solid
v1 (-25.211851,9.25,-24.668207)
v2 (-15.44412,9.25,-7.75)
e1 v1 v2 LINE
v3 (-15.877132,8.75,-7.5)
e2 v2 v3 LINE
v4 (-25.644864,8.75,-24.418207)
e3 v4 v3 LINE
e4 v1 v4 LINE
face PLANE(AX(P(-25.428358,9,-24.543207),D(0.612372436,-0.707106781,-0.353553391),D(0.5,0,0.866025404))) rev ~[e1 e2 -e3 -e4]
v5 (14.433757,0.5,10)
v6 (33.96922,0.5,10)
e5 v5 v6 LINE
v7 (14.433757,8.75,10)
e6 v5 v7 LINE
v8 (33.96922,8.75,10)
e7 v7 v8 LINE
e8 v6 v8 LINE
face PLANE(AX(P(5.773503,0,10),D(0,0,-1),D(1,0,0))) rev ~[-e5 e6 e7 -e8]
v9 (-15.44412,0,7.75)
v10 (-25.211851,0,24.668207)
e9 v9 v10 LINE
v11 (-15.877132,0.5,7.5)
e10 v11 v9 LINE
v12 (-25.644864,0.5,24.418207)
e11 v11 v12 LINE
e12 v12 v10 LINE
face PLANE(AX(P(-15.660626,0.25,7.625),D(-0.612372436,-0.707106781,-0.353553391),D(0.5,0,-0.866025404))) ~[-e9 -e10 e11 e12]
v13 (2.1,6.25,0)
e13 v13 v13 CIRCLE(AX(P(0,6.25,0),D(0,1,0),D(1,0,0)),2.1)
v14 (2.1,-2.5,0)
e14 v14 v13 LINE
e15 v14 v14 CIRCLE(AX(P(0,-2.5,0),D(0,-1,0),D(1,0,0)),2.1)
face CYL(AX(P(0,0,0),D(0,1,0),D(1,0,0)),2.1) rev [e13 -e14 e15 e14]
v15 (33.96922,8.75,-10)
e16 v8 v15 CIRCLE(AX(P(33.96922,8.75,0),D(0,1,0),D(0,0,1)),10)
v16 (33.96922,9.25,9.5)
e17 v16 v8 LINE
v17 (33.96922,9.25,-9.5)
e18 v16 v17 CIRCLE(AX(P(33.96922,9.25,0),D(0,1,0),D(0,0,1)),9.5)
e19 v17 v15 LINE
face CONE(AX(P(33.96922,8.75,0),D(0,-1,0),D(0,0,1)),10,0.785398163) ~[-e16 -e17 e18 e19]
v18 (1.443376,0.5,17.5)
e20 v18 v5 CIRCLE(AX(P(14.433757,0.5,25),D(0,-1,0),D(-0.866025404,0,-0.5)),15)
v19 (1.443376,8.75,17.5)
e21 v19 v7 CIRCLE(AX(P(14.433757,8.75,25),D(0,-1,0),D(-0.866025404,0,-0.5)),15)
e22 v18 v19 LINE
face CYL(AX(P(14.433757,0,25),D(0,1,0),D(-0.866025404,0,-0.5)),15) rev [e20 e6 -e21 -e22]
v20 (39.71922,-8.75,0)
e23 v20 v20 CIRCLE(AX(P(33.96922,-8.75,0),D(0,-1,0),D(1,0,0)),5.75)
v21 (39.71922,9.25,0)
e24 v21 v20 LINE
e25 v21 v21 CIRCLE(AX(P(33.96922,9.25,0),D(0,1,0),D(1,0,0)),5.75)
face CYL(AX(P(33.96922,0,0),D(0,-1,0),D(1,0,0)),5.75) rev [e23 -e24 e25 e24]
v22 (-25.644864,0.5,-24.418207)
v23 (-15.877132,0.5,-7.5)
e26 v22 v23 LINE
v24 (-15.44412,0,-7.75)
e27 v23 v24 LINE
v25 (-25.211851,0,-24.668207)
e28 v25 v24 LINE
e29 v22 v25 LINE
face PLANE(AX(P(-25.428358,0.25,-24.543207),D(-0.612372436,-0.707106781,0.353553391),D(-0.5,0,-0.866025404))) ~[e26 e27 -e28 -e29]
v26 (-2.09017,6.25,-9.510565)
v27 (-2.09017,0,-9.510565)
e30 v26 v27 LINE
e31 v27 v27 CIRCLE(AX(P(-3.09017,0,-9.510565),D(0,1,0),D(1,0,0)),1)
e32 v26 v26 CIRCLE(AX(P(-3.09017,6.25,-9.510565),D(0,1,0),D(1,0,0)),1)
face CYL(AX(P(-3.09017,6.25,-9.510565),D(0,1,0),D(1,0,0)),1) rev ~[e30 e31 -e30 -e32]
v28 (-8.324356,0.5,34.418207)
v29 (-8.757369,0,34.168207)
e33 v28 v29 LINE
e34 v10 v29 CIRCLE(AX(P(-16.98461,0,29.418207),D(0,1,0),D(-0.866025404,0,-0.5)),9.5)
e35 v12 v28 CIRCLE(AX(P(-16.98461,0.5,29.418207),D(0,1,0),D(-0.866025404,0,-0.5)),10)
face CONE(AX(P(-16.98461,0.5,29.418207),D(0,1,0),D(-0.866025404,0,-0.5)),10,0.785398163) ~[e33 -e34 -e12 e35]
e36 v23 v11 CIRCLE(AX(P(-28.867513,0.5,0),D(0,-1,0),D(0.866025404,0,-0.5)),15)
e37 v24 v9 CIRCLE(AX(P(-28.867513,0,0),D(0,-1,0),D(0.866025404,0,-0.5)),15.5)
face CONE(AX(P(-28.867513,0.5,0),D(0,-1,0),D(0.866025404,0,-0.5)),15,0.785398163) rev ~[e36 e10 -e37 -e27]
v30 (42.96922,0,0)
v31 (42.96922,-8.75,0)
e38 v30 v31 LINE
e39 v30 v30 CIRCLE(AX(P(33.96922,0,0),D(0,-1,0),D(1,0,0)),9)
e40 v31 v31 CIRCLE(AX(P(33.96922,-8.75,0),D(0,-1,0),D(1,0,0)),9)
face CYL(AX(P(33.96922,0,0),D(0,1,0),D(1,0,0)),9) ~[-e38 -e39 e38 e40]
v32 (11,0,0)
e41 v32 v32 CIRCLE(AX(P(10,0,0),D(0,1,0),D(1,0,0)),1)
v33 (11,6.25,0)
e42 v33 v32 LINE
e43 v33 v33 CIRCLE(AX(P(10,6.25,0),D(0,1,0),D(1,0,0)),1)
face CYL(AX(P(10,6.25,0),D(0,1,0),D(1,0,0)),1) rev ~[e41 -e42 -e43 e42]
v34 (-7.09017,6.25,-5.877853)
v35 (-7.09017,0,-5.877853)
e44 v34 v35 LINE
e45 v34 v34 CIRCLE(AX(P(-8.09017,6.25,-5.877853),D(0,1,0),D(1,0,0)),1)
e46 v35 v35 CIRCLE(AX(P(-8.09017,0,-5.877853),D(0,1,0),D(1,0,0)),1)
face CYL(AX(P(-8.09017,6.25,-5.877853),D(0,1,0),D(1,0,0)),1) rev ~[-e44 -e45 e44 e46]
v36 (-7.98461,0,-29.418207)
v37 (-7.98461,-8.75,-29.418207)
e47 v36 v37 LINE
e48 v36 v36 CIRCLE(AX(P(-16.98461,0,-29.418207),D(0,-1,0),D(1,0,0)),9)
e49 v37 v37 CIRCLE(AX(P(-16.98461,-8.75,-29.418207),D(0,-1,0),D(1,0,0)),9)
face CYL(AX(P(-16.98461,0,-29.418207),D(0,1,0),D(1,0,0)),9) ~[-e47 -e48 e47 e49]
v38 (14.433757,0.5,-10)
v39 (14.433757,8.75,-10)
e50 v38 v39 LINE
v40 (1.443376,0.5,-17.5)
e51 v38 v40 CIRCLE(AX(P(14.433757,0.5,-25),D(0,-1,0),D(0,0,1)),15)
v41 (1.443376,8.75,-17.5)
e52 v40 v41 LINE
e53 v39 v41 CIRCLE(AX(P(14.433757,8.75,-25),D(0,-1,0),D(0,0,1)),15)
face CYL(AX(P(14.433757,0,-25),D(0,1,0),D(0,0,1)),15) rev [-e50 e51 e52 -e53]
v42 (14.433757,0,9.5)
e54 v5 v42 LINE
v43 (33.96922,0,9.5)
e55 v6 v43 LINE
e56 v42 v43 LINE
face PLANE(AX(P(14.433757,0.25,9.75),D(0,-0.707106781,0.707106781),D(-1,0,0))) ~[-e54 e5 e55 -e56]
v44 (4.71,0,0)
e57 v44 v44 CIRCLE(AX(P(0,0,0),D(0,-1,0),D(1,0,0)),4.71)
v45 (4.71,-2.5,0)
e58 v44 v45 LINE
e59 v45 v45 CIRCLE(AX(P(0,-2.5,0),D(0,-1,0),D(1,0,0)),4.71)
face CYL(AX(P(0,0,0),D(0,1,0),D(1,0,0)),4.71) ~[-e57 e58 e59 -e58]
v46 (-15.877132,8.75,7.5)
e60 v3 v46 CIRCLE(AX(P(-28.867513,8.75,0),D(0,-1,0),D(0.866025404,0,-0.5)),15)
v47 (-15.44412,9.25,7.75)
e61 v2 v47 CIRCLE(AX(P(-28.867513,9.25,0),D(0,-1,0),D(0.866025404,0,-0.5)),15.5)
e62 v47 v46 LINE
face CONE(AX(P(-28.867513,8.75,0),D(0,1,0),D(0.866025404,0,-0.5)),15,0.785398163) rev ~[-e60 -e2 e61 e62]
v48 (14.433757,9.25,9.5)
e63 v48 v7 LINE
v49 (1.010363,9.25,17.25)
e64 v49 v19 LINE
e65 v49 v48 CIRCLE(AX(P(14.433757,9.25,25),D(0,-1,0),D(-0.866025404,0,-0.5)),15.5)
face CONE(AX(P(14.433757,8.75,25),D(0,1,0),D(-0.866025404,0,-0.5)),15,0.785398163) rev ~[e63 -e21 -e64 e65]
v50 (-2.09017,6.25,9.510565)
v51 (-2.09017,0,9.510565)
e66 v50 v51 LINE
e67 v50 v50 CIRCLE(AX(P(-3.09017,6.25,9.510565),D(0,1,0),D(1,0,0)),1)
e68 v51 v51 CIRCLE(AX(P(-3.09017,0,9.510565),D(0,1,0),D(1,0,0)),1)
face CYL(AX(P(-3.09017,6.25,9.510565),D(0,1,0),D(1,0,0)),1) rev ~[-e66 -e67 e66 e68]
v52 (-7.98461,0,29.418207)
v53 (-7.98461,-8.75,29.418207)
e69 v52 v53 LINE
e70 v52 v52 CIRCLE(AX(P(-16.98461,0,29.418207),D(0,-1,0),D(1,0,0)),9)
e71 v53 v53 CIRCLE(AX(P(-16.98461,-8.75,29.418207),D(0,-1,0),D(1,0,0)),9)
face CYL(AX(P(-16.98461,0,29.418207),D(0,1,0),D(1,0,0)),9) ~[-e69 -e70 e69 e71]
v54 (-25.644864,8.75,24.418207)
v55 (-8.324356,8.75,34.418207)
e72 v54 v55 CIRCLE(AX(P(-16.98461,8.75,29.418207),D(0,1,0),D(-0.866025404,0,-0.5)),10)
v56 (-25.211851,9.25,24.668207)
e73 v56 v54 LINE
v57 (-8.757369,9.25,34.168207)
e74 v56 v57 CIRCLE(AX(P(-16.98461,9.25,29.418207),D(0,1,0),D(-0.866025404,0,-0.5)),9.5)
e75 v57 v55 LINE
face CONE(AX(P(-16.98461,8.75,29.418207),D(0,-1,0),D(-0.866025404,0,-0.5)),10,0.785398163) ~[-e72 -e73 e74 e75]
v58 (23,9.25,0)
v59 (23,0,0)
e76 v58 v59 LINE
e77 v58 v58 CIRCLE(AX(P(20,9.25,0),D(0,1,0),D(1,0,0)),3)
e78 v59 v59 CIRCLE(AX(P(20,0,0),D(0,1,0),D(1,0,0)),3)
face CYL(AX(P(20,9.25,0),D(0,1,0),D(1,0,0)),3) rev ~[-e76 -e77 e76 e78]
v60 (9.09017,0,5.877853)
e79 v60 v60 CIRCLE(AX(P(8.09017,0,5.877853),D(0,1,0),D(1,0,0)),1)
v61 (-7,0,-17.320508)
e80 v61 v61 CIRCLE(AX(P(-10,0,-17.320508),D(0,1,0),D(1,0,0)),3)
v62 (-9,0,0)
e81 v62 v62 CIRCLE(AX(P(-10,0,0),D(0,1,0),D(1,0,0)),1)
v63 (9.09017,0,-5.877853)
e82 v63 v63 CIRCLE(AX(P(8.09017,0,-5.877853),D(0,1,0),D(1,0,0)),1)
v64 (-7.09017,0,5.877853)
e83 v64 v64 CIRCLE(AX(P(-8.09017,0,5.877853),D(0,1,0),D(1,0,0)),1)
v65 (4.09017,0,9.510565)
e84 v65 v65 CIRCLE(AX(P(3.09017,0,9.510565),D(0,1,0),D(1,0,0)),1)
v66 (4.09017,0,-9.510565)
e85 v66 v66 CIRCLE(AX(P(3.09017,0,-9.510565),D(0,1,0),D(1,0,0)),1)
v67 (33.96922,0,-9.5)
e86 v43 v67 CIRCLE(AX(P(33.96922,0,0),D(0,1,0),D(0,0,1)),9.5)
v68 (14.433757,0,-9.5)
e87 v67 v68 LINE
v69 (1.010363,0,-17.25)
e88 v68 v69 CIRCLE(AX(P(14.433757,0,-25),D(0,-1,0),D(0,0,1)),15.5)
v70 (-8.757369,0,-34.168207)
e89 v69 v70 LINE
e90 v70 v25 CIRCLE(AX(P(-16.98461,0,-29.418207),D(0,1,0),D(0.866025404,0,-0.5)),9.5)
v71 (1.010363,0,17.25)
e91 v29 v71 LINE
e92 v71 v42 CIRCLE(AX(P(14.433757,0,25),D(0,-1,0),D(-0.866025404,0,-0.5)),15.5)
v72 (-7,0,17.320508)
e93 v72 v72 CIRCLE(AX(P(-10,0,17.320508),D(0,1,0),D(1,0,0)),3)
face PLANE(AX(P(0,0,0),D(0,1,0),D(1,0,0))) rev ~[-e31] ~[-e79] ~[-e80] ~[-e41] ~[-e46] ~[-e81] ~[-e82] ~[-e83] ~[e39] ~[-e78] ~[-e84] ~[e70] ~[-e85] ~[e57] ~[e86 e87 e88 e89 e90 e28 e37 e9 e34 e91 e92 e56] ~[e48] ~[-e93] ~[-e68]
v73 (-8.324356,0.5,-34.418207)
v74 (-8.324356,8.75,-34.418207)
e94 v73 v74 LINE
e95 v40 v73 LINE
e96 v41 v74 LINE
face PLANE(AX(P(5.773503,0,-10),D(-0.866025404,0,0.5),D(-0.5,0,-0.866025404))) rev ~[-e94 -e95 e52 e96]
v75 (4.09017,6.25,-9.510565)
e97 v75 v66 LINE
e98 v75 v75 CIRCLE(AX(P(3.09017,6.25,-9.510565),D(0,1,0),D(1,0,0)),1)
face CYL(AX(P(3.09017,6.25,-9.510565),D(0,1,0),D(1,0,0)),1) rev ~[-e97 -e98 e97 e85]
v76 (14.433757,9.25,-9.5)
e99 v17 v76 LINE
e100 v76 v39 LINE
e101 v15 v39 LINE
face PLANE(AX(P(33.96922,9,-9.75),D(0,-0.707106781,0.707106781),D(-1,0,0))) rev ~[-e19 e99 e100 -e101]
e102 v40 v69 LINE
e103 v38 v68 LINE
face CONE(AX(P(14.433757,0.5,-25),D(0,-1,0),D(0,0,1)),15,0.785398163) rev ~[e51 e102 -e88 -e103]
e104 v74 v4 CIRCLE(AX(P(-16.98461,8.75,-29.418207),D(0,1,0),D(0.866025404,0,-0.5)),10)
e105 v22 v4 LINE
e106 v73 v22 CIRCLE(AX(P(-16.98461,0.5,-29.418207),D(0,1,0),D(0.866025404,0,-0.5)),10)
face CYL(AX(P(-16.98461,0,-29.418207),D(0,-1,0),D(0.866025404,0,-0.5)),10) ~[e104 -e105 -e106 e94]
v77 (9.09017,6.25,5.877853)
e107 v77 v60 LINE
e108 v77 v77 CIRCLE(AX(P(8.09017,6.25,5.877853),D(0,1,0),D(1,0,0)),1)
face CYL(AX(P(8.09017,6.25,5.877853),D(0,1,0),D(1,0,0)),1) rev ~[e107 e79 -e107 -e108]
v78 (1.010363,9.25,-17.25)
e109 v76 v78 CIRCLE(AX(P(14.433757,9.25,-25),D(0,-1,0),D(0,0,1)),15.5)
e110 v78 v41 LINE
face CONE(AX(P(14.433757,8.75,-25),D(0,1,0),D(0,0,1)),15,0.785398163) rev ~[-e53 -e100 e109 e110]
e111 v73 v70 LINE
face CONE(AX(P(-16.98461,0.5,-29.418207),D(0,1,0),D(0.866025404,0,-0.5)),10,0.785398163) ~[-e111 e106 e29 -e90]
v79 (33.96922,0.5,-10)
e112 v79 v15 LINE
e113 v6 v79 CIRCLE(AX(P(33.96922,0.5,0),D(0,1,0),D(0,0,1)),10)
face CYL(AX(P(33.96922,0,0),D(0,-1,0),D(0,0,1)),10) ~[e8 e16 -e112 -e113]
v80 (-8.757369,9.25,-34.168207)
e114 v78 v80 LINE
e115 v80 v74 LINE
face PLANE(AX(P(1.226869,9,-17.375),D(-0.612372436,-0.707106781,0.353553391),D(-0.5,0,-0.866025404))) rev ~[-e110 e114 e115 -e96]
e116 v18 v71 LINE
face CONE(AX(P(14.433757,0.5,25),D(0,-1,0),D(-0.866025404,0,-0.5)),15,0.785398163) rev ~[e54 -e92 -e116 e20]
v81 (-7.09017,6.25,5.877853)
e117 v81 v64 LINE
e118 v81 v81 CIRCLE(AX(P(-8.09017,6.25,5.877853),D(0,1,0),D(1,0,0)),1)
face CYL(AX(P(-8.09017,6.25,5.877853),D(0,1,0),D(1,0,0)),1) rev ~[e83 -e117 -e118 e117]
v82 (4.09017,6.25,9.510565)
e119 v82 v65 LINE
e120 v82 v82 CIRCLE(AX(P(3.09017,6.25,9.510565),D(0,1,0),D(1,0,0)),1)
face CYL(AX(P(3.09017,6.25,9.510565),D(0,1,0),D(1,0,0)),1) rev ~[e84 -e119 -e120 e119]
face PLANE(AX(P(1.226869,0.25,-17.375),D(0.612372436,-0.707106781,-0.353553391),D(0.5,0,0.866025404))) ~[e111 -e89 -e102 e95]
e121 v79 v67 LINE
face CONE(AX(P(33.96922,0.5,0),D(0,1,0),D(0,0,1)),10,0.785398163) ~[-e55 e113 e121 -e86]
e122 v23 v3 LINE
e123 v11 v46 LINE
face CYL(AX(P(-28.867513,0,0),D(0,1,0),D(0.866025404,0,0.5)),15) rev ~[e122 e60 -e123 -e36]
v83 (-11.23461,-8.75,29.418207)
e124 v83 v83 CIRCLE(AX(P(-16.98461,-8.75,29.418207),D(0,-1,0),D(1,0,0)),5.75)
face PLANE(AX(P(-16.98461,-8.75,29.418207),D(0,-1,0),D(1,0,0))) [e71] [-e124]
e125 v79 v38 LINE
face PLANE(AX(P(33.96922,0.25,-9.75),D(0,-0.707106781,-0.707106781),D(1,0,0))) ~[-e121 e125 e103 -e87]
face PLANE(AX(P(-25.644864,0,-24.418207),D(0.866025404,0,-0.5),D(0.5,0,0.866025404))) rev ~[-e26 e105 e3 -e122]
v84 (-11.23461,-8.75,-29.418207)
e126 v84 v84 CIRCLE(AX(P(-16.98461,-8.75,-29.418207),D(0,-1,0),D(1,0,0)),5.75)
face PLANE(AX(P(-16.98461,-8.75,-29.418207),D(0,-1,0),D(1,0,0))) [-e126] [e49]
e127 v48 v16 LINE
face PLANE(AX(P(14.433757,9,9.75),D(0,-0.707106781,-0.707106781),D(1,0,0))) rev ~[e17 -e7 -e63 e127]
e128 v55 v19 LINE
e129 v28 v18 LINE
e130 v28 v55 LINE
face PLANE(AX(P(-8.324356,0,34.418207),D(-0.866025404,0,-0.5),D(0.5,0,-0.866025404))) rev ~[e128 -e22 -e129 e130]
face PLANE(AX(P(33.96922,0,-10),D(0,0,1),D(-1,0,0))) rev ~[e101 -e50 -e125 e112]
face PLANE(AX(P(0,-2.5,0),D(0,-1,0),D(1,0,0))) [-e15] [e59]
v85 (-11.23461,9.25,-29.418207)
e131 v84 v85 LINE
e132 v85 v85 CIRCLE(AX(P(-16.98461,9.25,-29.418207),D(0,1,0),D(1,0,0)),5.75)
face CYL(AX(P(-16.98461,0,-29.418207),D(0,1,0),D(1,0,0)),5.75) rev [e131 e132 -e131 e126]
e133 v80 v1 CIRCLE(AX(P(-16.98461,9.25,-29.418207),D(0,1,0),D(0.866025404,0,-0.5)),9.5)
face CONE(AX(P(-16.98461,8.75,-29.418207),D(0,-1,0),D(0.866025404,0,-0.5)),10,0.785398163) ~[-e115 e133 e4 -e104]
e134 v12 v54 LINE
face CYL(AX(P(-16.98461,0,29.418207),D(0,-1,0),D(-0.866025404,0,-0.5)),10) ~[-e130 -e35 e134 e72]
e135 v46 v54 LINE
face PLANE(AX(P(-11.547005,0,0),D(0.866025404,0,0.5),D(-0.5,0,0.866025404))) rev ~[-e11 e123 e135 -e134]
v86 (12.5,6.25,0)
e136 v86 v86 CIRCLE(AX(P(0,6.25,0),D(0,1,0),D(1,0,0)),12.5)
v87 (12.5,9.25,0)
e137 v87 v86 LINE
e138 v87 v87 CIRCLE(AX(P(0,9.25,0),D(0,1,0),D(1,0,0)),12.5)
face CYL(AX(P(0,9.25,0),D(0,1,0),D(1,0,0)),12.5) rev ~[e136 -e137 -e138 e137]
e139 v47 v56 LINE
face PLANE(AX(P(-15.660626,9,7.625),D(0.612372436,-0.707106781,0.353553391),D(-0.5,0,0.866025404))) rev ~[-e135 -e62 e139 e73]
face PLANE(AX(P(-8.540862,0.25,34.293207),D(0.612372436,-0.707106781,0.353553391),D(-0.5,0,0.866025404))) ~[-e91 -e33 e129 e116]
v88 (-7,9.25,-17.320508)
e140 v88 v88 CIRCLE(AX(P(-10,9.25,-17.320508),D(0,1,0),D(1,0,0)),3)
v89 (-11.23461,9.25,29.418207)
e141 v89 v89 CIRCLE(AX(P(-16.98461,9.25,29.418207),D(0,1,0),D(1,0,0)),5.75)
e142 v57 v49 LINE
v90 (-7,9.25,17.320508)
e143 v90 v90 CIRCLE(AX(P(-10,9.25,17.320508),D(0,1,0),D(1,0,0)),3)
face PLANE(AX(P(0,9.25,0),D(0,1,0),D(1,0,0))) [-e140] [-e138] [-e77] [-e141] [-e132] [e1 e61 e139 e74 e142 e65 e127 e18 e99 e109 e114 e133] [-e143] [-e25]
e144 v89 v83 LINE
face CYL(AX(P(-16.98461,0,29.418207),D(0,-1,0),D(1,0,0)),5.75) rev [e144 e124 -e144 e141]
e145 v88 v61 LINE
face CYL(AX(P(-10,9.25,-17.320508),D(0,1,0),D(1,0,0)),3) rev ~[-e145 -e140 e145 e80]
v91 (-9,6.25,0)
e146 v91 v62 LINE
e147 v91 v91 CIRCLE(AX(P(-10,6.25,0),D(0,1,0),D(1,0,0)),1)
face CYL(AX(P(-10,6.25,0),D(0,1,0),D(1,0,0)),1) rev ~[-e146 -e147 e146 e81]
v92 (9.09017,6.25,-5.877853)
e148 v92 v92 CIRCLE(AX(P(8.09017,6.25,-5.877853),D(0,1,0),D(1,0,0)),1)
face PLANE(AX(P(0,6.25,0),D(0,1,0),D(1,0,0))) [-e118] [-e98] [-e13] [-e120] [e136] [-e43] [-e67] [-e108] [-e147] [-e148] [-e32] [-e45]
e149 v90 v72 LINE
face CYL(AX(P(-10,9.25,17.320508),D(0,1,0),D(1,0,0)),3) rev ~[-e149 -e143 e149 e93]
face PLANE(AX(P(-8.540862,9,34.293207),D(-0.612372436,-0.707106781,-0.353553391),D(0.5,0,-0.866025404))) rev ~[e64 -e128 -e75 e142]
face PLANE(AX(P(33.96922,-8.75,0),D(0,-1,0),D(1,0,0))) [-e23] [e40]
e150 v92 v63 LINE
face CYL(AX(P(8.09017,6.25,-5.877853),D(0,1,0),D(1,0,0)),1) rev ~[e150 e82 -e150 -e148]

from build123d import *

# Parameters (mm, degrees)
SKETCH_1_R          = 5.75
EXTRUDE_1_DEPTH     = 9.25
FILLET_1_R          = 15
SKETCH_2_R          = 12.5
CUT_EXTRUDE_1_DEPTH = 3
SKETCH_3_R          = 2.1
CUT_EXTRUDE_2_DEPTH = 7.25
SKETCH_4_R          = 1
CUT_EXTRUDE_3_DEPTH = 7.25
SKETCH_5_R          = 9
SKETCH_5_R_2        = 5.75
EXTRUDE_2_DEPTH     = 8.75
SKETCH_6_R          = 4.71
SKETCH_6_R_2        = 2.1
EXTRUDE_3_DEPTH     = 2.5
CHAMFER_1_SIZE      = 0.5
CHAMFER_2_SIZE      = 0.5
SKETCH_7_R          = 3
CUT_EXTRUDE_4_DEPTH = 19


with BuildPart() as part:
    # ｽｹｯﾁ1 → ﾎﾞｽ - 押し出し1 (new body)
    with BuildSketch(Plane(origin=(0, 0, 0), x_dir=(1, 0, 0), z_dir=(0, 1, 0))):
        with BuildLine():
            Line((-8.324355962, -34.418207467), (5.773502692, -10))
            Line((5.773502692, -10), (33.96922, -10))
            ThreePointArc((33.96922, -10), (43.96922, 0), (33.96922, 10))
            Line((33.96922, 10), (5.773502692, 10))
            Line((5.773502692, 10), (-8.324355962, 34.418207467))
            ThreePointArc((-8.324355962, 34.418207467), (-21.98461, 38.078461505), (-25.644864038, 24.418207467))
            Line((-25.644864038, 24.418207467), (-11.547005384, 0))
            Line((-11.547005384, 0), (-25.644864038, -24.418207467))
            ThreePointArc((-25.644864038, -24.418207467), (-21.98461, -38.078461505), (-8.324355962, -34.418207467))
        make_face()
        with Locations((-16.98461, 29.418207467)):
            Circle(SKETCH_1_R, mode=Mode.SUBTRACT)
        with Locations((-16.98461, -29.418207467)):
            Circle(SKETCH_1_R, mode=Mode.SUBTRACT)
        with Locations((33.96922, 0)):
            Circle(SKETCH_1_R, mode=Mode.SUBTRACT)
    extrude(amount=EXTRUDE_1_DEPTH)

    # ﾌｨﾚｯﾄ1
    fillet_1_edges = [part.edges().sort_by_distance(p)[0] for p in [
        (5.773502692, 4.625, 10),
        (-11.547005384, 4.625, 0),
        (5.773502692, 4.625, -10),
    ]]
    fillet(fillet_1_edges, radius=FILLET_1_R)

    # ｽｹｯﾁ2 → ｶｯﾄ - 押し出し1 (cut)
    with BuildSketch(Plane(origin=(0, 9.25, 0), x_dir=(1, 0, 0), z_dir=(0, 1, 0))):
        Circle(SKETCH_2_R)
    extrude(amount=-CUT_EXTRUDE_1_DEPTH, mode=Mode.SUBTRACT)

    # ｽｹｯﾁ3 → ｶｯﾄ - 押し出し2 (cut, through all)
    with BuildSketch(Plane(origin=(0, 6.25, 0), x_dir=(1, 0, 0), z_dir=(0, 1, 0))):
        Circle(SKETCH_3_R)
    extrude(amount=-CUT_EXTRUDE_2_DEPTH, mode=Mode.SUBTRACT)

    # ｽｹｯﾁ4 → ｶｯﾄ - 押し出し3 (cut, through all)
    with BuildSketch(Plane(origin=(0, 6.25, 0), x_dir=(1, 0, 0), z_dir=(0, 1, 0))):
        with Locations((10, 0)):
            Circle(SKETCH_4_R)
        with Locations((8.090169944, -5.877852523)):
            Circle(SKETCH_4_R)
        with Locations((3.090169944, -9.510565163)):
            Circle(SKETCH_4_R)
        with Locations((-3.090169944, -9.510565163)):
            Circle(SKETCH_4_R)
        with Locations((-8.090169944, -5.877852523)):
            Circle(SKETCH_4_R)
        with Locations((-10, 0)):
            Circle(SKETCH_4_R)
        with Locations((-8.090169944, 5.877852523)):
            Circle(SKETCH_4_R)
        with Locations((-3.090169944, 9.510565163)):
            Circle(SKETCH_4_R)
        with Locations((3.090169944, 9.510565163)):
            Circle(SKETCH_4_R)
        with Locations((8.090169944, 5.877852523)):
            Circle(SKETCH_4_R)
    extrude(amount=-CUT_EXTRUDE_3_DEPTH, mode=Mode.SUBTRACT)

    # ｽｹｯﾁ5 → ﾎﾞｽ - 押し出し2 (add)
    with BuildSketch(Plane.XZ):
        with Locations((-16.98461, -29.418207467)):
            Circle(SKETCH_5_R)
        with Locations((-16.98461, -29.418207467)):
            Circle(SKETCH_5_R_2, mode=Mode.SUBTRACT)
        with Locations((-16.98461, 29.418207467)):
            Circle(SKETCH_5_R)
        with Locations((-16.98461, 29.418207467)):
            Circle(SKETCH_5_R_2, mode=Mode.SUBTRACT)
        with Locations((33.96922, 0)):
            Circle(SKETCH_5_R)
        with Locations((33.96922, 0)):
            Circle(SKETCH_5_R_2, mode=Mode.SUBTRACT)
    extrude(amount=EXTRUDE_2_DEPTH)

    # ｽｹｯﾁ6 → ﾎﾞｽ - 押し出し3 (add)
    with BuildSketch(Plane.XZ):
        Circle(SKETCH_6_R)
        Circle(SKETCH_6_R_2, mode=Mode.SUBTRACT)
    extrude(amount=EXTRUDE_3_DEPTH)

    # 面取り1
    chamfer_1_edges = [part.edges().sort_by_distance(p)[0] for p in [
        (-20.76099822, 0, -15.959103733),
        (-21.98461, 0, -38.078461505),
        (24.201488365, 0, -10),
        (43.96922, 0, 0),
        (-20.76099822, 0, 15.959103733),
        (-3.440490145, 0, -25.959103733),
        (24.201488365, 0, 10),
        (-13.867513459, 0, 0),
        (6.93375673, 0, -12.009618943),
        (6.93375673, 0, 12.009618943),
        (-3.440490145, 0, 25.959103733),
        (-21.98461, 0, 38.078461505),
    ]]
    chamfer(chamfer_1_edges, length=CHAMFER_1_SIZE)

    # 面取り2
    chamfer_2_edges = [part.edges().sort_by_distance(p)[0] for p in [
        (-21.98461, 9.25, -38.078461505),
        (-20.76099822, 9.25, -15.959103733),
        (-21.98461, 9.25, 38.078461505),
        (-3.440490145, 9.25, 25.959103733),
        (-20.76099822, 9.25, 15.959103733),
        (43.96922, 9.25, 0),
        (-3.440490145, 9.25, -25.959103733),
        (24.201488365, 9.25, 10),
        (-13.867513459, 9.25, 0),
        (6.93375673, 9.25, -12.009618943),
        (6.93375673, 9.25, 12.009618943),
        (24.201488365, 9.25, -10),
    ]]
    chamfer(chamfer_2_edges, length=CHAMFER_2_SIZE)

    # ｽｹｯﾁ7 → ｶｯﾄ - 押し出し4 (cut, through all)
    with BuildSketch(Plane(origin=(0, 9.25, 0), x_dir=(1, 0, 0), z_dir=(0, 1, 0))):
        with Locations((20, 0)):
            Circle(SKETCH_7_R)
        with Locations((-10, -17.320508076)):
            Circle(SKETCH_7_R)
        with Locations((-10, 17.320508076)):
            Circle(SKETCH_7_R)
    extrude(amount=-CUT_EXTRUDE_4_DEPTH, mode=Mode.SUBTRACT)


solid = part.part
